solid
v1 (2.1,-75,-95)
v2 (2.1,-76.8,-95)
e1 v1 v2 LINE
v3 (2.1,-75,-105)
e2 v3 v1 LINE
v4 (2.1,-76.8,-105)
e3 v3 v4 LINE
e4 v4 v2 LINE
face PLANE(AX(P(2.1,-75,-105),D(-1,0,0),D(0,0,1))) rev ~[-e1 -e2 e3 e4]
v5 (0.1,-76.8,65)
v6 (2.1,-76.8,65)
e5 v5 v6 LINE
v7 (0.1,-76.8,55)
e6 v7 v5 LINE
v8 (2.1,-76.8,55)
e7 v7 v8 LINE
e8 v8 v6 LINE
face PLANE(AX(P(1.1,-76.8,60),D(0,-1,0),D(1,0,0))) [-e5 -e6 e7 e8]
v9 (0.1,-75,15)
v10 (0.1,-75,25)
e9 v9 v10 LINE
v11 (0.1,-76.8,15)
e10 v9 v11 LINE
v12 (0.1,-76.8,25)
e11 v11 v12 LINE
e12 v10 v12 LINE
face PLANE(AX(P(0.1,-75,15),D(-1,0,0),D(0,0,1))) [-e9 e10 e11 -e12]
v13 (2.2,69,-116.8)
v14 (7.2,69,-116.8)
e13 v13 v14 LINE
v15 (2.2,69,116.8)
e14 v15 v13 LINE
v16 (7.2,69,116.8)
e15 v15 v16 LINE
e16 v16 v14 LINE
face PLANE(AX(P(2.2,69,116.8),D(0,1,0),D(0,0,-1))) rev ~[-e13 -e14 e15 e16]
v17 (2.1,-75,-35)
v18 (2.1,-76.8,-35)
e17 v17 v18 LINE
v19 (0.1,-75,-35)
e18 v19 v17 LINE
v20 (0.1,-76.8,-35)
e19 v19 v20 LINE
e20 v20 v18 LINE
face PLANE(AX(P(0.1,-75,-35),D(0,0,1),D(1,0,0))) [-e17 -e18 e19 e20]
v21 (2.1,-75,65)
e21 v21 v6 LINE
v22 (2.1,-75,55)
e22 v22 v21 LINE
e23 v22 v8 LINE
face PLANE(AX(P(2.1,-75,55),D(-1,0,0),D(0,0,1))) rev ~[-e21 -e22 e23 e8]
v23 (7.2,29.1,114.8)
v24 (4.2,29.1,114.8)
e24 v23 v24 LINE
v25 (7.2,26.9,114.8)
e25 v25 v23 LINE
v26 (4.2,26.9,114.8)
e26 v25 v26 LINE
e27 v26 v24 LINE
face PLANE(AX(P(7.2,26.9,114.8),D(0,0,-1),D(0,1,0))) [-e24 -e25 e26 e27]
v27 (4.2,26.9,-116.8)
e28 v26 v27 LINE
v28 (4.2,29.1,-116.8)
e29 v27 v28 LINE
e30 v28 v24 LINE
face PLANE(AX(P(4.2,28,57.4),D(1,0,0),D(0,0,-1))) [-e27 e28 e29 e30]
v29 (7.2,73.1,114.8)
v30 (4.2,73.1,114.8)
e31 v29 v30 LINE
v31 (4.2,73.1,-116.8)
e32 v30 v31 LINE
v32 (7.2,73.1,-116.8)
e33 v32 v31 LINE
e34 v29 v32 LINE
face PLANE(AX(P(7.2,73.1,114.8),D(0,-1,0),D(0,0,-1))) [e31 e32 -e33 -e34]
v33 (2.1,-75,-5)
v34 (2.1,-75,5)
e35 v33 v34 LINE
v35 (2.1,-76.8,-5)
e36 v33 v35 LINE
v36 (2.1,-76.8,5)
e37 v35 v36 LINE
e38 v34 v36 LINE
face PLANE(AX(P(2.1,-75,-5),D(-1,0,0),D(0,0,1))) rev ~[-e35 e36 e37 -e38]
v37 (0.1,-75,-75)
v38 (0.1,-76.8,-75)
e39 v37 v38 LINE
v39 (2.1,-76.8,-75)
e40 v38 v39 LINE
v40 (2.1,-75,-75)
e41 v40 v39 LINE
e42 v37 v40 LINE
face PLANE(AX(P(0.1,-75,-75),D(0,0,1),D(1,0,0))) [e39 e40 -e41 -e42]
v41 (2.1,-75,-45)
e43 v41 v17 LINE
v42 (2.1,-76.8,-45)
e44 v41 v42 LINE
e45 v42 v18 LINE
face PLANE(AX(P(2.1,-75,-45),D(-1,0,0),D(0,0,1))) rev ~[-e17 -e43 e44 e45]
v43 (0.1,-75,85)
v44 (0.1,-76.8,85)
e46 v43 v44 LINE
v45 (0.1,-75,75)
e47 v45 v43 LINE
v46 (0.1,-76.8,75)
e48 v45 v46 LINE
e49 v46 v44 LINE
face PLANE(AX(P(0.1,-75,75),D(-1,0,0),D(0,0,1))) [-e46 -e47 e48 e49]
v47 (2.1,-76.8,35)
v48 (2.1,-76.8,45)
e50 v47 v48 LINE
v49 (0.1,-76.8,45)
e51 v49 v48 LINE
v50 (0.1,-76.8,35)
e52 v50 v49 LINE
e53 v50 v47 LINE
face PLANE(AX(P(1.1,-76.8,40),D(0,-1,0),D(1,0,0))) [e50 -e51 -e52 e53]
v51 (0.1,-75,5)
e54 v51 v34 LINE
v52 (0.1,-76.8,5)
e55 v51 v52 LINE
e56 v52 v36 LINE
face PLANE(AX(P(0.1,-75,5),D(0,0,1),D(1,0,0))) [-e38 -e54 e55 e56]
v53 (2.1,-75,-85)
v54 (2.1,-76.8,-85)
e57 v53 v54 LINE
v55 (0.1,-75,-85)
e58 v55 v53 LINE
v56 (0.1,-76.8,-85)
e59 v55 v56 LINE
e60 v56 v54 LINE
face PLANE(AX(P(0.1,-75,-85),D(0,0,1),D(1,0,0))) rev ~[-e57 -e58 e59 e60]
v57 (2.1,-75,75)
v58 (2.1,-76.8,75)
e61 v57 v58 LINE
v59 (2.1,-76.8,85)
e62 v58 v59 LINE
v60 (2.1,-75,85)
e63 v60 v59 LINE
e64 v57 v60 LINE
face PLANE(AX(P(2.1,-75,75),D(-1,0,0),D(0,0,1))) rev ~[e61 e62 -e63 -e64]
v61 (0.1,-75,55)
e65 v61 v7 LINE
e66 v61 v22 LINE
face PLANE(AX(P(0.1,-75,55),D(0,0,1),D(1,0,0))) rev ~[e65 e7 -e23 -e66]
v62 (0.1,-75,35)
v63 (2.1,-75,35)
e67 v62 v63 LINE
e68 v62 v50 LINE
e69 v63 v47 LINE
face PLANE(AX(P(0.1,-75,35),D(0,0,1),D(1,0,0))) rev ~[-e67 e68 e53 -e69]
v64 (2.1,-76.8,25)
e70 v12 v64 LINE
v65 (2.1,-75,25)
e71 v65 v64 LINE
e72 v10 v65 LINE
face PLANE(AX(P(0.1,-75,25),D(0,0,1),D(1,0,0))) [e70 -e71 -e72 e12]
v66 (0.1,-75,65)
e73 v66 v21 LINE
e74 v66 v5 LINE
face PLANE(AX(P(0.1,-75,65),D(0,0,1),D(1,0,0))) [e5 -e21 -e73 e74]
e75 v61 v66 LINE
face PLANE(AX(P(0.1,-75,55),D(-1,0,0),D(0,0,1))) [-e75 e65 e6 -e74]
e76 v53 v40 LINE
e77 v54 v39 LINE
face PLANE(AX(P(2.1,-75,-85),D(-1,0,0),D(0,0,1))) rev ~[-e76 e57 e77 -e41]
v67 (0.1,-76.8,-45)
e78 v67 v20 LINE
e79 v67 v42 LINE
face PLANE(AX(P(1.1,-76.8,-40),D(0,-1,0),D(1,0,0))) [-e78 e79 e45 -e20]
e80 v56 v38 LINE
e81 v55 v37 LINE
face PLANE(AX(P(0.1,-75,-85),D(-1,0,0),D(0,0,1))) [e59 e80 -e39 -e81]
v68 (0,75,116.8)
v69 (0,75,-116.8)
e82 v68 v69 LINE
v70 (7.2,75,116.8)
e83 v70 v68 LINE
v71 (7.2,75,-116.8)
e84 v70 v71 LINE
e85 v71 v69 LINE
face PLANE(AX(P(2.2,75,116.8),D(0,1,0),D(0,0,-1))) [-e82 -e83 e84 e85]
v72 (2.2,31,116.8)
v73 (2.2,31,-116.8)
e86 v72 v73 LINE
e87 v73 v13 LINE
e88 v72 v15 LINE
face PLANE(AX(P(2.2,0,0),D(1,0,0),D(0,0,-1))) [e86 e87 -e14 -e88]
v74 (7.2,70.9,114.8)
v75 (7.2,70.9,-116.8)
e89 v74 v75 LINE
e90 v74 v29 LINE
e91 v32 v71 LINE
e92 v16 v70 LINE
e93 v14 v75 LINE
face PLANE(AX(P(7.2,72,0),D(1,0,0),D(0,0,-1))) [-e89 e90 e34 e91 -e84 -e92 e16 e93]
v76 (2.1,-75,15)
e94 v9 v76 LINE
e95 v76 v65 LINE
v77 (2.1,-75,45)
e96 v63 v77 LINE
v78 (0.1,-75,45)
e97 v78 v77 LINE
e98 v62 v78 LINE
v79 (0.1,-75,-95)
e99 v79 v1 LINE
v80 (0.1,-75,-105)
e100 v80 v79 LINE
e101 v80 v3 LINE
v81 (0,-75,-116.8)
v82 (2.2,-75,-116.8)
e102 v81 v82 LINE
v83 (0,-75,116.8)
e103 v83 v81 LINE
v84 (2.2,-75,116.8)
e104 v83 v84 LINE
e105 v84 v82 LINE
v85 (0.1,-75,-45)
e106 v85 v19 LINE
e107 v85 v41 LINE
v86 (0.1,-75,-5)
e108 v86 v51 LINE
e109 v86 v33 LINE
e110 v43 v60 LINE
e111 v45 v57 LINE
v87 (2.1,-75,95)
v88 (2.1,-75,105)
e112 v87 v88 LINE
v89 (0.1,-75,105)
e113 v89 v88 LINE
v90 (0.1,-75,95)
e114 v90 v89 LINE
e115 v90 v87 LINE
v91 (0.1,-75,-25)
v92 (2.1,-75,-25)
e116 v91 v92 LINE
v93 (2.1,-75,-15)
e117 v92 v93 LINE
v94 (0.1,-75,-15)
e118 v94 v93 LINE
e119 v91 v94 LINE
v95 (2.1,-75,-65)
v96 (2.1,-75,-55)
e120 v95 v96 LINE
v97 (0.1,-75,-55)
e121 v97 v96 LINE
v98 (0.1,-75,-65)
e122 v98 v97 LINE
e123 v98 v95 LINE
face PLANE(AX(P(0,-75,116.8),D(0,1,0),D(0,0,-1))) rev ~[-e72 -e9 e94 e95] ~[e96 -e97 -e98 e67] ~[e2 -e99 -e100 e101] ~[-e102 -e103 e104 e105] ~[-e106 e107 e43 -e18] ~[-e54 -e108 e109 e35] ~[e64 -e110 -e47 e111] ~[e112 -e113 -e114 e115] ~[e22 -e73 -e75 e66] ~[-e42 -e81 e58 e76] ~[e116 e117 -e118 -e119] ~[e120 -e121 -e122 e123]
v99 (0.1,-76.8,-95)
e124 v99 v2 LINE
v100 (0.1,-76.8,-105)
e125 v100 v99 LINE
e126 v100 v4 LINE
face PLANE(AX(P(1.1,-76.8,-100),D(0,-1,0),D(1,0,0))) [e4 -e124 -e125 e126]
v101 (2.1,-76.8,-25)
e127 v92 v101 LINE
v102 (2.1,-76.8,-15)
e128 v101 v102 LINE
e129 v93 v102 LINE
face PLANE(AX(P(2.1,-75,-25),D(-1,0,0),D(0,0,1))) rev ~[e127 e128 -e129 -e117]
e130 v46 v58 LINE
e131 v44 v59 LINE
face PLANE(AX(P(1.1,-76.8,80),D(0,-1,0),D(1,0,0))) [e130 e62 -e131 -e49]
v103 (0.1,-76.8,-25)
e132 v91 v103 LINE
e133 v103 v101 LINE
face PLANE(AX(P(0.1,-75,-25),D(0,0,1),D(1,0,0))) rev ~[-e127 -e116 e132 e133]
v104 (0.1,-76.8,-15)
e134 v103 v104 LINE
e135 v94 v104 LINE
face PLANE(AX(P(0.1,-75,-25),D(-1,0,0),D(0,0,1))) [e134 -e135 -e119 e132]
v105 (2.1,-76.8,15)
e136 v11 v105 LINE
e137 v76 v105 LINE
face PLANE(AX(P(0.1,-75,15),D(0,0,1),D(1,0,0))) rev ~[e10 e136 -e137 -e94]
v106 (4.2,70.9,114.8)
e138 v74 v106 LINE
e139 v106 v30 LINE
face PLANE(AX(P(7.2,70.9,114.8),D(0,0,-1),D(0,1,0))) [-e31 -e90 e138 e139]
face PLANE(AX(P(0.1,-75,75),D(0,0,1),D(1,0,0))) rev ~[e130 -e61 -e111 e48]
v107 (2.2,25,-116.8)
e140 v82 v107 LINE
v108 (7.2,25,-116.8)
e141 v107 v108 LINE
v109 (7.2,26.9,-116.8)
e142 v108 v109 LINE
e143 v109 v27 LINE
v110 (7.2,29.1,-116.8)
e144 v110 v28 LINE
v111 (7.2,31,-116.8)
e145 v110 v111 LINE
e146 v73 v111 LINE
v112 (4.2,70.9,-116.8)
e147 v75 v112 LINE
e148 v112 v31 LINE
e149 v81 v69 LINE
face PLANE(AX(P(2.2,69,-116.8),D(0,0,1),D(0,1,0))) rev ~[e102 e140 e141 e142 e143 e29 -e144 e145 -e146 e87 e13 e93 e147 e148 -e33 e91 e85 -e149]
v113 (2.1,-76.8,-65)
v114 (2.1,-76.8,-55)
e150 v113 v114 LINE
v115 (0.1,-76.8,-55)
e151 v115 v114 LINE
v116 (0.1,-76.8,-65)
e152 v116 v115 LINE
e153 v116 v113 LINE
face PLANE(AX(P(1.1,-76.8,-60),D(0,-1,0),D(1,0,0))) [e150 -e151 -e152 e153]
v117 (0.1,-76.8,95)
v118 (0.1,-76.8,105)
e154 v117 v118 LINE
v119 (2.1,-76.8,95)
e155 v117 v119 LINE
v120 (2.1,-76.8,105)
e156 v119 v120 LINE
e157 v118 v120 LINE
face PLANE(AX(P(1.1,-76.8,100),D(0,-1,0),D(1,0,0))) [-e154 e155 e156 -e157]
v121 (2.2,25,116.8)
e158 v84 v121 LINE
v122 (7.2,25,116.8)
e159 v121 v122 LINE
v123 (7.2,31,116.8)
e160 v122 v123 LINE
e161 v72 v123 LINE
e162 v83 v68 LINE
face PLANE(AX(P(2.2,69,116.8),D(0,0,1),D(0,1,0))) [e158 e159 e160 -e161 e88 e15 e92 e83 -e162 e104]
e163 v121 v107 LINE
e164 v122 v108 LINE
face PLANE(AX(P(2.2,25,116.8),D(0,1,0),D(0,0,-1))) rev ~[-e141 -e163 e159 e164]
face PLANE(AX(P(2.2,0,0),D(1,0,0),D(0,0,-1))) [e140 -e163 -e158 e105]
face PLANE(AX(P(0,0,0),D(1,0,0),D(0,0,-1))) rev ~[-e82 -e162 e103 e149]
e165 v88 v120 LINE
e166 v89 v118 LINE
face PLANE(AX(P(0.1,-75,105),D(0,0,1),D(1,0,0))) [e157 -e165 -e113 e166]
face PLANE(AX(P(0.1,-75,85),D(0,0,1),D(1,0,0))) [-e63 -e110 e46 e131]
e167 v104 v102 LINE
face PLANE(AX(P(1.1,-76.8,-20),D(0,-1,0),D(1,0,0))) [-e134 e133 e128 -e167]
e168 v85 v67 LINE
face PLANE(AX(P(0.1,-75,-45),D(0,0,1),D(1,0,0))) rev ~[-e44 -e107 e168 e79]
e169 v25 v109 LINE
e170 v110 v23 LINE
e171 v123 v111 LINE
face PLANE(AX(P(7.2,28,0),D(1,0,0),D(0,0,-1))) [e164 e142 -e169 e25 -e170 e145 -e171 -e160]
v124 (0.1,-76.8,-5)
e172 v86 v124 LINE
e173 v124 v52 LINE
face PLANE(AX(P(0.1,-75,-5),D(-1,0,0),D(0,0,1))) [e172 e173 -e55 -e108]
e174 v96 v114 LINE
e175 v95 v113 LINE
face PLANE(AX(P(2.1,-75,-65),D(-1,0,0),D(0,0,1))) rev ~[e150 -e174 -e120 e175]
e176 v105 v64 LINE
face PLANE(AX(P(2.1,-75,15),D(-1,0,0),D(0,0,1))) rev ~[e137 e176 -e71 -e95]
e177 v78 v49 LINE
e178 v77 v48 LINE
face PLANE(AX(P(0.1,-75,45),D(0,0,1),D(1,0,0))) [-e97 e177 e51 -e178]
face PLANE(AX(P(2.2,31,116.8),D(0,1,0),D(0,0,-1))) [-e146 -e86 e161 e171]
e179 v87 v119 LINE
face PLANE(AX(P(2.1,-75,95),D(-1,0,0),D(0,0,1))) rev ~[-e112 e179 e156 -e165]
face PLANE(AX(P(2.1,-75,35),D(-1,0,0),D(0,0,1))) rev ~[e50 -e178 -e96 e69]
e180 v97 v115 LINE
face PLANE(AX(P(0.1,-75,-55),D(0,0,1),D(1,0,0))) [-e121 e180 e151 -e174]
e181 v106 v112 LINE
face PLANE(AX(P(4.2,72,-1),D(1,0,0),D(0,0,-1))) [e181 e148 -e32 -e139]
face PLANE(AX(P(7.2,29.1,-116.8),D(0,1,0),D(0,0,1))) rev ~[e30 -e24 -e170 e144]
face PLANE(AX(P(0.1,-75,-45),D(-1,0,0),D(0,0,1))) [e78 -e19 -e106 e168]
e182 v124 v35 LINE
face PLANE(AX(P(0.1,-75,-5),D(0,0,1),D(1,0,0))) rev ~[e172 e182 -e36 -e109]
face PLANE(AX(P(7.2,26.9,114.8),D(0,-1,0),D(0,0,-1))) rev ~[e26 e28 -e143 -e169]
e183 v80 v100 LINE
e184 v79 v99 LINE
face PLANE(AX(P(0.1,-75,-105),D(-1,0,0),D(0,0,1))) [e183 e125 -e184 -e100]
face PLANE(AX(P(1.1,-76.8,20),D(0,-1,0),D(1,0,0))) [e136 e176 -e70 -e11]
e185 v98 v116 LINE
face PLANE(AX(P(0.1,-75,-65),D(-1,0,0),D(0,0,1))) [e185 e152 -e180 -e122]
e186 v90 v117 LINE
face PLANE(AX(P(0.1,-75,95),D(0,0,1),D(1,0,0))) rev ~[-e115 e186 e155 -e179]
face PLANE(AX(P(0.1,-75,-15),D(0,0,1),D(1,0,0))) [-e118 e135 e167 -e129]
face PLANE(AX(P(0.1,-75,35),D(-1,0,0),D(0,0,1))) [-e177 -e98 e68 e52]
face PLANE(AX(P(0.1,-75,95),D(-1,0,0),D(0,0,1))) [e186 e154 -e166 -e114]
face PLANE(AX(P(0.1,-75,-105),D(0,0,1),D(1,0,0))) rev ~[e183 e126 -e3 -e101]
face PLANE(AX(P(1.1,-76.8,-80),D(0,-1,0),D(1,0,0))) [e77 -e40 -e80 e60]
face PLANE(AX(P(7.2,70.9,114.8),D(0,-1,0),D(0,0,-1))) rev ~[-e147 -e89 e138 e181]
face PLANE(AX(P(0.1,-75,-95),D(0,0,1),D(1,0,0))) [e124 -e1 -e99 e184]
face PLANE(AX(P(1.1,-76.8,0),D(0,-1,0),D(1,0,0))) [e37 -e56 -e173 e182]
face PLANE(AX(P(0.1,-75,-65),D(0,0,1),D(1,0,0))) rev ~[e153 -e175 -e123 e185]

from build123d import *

# Parameters (mm, degrees)
SKETCH_4_W          = 233.6
SKETCH_4_H          = 150
EXTRUDE_2_DEPTH     = 2.2
SKETCH_6_W          = 2
SKETCH_6_H          = 10
EXTRUDE_3_DEPTH     = 1.8
SKETCH_7_W          = 233.6
SKETCH_7_H          = 6
EXTRUDE_4_DEPTH     = 5
SKETCH_8_W          = 114.8
SKETCH_8_H          = 2.2
SKETCH_8_W_2        = 116.8
SKETCH_8_W_3        = 231.6
CUT_EXTRUDE_1_DEPTH = 3


with BuildPart() as part:
    # 草图4 → 凸台-拉伸2 (new body)
    with BuildSketch(Plane(origin=(0, 0, 0), x_dir=(0, 0, -1), z_dir=(1, 0, 0))):
        Rectangle(SKETCH_4_W, SKETCH_4_H)
    extrude(amount=EXTRUDE_2_DEPTH)

    # 草图6 → 凸台-拉伸3 (add)
    with BuildSketch(Plane.XZ.offset(75)):
        with Locations((1.1, 20)):
            Rectangle(SKETCH_6_W, SKETCH_6_H)
        with Locations((1.1, 0)):
            Rectangle(SKETCH_6_W, SKETCH_6_H)
        with Locations((1.1, 40)):
            Rectangle(SKETCH_6_W, SKETCH_6_H)
        with Locations((1.1, 60)):
            Rectangle(SKETCH_6_W, SKETCH_6_H)
        with Locations((1.1, 80)):
            Rectangle(SKETCH_6_W, SKETCH_6_H)
        with Locations((1.1, 100)):
            Rectangle(SKETCH_6_W, SKETCH_6_H)
        with Locations((1.1, -20)):
            Rectangle(SKETCH_6_W, SKETCH_6_H)
        with Locations((1.1, -40)):
            Rectangle(SKETCH_6_W, SKETCH_6_H)
        with Locations((1.1, -60)):
            Rectangle(SKETCH_6_W, SKETCH_6_H)
        with Locations((1.1, -80)):
            Rectangle(SKETCH_6_W, SKETCH_6_H)
        with Locations((1.1, -100)):
            Rectangle(SKETCH_6_W, SKETCH_6_H)
    extrude(amount=EXTRUDE_3_DEPTH)

    # 草图7 → 凸台-拉伸4 (add)
    with BuildSketch(Plane(origin=(2.2, 0, 0), x_dir=(0, 0, -1), z_dir=(1, 0, 0))):
        with Locations((0, 28)):
            Rectangle(SKETCH_7_W, SKETCH_7_H)
        with Locations((0, 72)):
            Rectangle(SKETCH_7_W, SKETCH_7_H)
    extrude(amount=EXTRUDE_4_DEPTH)

    # 草图8 → 切除-拉伸1 (cut)
    with BuildSketch(Plane(origin=(7.2, 0, 0), x_dir=(0, 0, -1), z_dir=(1, 0, 0))):
        with Locations((-57.4, 28)):
            Rectangle(SKETCH_8_W, SKETCH_8_H)
        with Locations((58.4, 28)):
            Rectangle(SKETCH_8_W_2, SKETCH_8_H)
        with Locations((1, 72)):
            Rectangle(SKETCH_8_W_3, SKETCH_8_H)
    extrude(amount=-CUT_EXTRUDE_1_DEPTH, mode=Mode.SUBTRACT)


solid = part.part
